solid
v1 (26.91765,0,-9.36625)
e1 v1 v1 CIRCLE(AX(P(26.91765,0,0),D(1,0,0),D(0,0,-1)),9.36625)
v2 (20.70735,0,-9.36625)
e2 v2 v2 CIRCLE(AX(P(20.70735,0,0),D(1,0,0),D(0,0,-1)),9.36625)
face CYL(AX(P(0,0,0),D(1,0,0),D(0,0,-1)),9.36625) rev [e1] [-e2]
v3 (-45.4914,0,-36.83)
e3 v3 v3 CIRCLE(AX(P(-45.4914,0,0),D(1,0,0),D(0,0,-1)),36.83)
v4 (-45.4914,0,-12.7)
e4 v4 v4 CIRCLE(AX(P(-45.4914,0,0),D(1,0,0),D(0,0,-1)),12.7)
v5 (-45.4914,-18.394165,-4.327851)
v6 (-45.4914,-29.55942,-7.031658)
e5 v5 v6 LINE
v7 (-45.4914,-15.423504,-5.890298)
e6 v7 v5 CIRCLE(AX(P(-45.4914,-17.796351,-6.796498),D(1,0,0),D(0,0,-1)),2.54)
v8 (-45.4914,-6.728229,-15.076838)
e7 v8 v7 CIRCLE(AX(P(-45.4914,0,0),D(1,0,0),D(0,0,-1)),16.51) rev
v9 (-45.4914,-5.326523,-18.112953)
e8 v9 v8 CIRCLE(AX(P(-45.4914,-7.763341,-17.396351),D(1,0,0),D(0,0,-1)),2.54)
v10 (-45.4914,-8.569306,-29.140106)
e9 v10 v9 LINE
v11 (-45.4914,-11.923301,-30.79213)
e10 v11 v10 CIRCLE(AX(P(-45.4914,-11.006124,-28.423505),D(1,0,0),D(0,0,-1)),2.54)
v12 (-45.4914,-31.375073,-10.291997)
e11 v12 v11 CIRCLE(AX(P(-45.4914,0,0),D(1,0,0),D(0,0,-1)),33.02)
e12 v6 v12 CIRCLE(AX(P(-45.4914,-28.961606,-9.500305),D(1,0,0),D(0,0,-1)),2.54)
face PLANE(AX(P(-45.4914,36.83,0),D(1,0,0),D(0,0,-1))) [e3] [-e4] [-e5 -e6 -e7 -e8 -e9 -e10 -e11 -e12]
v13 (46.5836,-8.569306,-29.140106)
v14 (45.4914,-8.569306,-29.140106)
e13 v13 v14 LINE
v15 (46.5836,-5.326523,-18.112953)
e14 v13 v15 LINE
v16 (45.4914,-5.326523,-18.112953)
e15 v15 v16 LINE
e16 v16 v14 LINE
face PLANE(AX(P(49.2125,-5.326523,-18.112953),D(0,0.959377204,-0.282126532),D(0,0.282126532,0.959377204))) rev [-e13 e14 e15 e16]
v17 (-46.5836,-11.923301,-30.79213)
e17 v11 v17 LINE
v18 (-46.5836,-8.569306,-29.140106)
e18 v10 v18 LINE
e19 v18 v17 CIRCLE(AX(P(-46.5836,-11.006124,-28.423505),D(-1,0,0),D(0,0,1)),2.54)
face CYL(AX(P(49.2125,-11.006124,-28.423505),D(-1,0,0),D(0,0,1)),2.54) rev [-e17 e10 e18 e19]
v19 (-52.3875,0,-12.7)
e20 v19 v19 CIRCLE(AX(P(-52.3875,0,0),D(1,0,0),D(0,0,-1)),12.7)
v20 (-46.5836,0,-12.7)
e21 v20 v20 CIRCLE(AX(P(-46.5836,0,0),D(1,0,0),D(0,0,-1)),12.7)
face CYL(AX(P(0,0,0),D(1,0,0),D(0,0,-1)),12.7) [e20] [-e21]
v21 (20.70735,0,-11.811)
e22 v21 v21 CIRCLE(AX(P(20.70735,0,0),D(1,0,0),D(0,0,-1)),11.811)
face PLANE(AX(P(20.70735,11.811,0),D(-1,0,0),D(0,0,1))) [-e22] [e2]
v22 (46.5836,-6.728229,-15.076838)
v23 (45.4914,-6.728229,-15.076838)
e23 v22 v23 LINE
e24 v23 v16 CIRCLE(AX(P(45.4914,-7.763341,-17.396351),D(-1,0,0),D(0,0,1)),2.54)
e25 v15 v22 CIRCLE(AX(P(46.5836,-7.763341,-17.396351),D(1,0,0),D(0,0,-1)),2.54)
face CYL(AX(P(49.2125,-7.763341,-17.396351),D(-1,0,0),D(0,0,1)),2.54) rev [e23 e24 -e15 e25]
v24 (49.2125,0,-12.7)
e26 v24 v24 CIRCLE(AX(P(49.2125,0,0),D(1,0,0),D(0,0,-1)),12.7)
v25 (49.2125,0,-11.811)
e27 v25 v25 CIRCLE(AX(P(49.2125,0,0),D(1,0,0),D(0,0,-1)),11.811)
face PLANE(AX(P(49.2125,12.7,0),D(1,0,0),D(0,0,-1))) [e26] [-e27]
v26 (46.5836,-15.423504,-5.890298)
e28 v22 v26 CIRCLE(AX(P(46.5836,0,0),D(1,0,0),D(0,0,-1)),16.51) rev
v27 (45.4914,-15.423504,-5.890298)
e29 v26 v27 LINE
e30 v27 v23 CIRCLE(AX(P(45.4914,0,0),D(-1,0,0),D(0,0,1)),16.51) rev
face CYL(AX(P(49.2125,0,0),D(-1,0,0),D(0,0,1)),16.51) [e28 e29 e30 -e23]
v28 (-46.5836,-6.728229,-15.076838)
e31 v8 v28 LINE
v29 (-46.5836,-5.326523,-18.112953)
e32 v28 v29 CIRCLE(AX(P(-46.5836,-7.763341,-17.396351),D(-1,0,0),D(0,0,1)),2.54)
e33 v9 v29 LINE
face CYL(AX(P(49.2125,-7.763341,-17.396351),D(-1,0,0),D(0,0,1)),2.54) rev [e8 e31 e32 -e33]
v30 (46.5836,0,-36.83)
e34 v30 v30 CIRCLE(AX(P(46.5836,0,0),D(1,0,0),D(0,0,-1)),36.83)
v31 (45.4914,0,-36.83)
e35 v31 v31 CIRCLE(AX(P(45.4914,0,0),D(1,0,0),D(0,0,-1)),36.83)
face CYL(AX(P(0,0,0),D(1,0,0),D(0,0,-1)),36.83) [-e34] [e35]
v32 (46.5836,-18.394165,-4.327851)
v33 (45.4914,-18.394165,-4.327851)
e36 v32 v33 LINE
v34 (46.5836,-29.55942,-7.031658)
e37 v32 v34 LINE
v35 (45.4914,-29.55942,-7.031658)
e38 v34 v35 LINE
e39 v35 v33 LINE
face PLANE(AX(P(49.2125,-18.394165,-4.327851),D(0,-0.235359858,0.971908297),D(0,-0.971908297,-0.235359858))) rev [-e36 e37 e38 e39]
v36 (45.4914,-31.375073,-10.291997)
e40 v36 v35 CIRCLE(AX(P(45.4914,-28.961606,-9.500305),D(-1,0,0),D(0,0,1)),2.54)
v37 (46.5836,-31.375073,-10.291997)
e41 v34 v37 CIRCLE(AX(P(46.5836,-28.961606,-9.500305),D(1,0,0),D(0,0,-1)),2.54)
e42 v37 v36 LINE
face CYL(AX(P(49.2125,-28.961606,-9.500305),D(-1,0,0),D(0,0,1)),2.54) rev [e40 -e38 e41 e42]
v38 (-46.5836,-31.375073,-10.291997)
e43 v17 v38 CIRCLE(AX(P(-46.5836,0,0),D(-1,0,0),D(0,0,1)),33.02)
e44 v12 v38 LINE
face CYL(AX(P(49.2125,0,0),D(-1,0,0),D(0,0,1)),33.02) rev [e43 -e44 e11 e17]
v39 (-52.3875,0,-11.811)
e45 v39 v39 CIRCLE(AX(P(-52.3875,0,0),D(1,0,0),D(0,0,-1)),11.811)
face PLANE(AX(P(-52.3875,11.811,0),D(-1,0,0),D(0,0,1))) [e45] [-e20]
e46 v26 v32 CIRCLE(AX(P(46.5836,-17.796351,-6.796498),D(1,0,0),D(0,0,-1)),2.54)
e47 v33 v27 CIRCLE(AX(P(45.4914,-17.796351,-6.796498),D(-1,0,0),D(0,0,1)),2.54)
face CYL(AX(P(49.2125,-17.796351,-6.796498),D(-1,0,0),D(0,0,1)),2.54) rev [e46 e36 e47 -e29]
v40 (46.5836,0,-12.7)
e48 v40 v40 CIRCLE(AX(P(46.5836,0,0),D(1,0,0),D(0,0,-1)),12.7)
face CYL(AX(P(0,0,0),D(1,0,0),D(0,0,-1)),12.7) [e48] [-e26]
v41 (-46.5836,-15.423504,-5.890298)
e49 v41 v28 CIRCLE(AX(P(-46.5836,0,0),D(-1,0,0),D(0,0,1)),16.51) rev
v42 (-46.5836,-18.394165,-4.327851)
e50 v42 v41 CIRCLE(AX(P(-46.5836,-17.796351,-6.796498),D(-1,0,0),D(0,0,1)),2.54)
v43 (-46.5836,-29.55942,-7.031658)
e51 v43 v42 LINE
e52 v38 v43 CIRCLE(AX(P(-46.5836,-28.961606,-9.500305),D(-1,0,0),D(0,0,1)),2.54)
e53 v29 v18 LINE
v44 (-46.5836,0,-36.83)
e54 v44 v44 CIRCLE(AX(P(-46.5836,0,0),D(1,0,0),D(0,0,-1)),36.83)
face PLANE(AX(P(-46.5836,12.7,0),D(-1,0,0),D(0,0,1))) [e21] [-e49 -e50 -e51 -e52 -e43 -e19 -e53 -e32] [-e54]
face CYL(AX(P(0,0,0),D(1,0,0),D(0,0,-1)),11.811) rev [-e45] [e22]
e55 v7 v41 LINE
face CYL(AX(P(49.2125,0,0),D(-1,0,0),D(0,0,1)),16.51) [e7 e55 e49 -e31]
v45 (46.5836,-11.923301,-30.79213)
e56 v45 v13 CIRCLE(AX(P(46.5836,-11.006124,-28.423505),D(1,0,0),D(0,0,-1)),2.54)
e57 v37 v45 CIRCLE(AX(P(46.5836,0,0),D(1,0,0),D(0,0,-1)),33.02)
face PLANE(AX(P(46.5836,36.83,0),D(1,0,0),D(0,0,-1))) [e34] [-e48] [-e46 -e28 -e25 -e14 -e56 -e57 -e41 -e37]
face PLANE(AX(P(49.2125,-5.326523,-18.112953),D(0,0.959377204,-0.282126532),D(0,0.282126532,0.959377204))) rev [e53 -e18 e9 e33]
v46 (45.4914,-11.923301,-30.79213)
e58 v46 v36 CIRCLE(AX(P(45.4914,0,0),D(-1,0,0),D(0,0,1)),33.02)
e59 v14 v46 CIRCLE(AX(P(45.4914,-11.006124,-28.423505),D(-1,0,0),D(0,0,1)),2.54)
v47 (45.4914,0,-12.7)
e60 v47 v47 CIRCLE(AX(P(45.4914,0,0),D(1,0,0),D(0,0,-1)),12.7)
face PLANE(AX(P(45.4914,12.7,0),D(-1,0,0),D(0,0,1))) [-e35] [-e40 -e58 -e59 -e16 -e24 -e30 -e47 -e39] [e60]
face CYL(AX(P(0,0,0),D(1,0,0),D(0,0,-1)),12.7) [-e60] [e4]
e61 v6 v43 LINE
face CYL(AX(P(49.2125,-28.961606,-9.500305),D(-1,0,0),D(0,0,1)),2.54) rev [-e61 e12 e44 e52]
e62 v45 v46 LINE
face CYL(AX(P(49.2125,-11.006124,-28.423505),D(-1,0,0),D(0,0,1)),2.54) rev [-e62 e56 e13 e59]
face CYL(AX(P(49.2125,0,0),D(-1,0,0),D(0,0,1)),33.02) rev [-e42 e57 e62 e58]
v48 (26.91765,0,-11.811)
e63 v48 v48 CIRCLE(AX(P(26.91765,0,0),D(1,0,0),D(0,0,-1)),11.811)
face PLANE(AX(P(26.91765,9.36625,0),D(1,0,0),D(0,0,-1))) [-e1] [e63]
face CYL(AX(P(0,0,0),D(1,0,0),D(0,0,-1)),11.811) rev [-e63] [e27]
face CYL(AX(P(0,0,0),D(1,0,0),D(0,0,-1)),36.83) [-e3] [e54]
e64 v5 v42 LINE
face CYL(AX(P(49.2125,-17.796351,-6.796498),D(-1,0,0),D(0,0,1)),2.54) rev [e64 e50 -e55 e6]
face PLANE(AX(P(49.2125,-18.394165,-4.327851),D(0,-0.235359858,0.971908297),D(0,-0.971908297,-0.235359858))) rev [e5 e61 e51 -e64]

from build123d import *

# Parameters (mm, degrees)
CUT_EXTRUDE1_DEPTH      = 111.87459973
CUT_EXTRUDE1_DEPTH_BACK = 111.87459973


with BuildPart() as part:
    # Sketch2 → Revolve1 (revolve)
    with BuildSketch(Plane.XY):
        Polygon((-52.3875, 11.811), (-52.3875, 12.7), (-46.5836, 12.7), (-46.5836, 36.83), (-45.4914, 36.83), (-45.4914, 12.7), (45.4914, 12.7), (45.4914, 36.83), (46.5836, 36.83), (46.5836, 12.7), (49.2125, 12.7), (49.2125, 11.811), (26.91765, 11.811), (26.91765, 9.36625), (20.70735, 9.36625), (20.70735, 11.811), align=None)
    revolve(axis=Axis((0, 0, 0), (-1, 0, 0)))

    # Sketch3 → Cut-Extrude1 (cut, two sides: drawn at the far end of the back side and taken through both)
    with BuildSketch(Plane.ZY.offset(-45.4914).offset(-CUT_EXTRUDE1_DEPTH_BACK)):
        with BuildLine():
            Line((-18.112952688, -5.32652278), (-29.140106204, -8.569306297))
            ThreePointArc((-29.140106204, -8.569306297), (-30.702095808, -9.883795088), (-30.792130213, -11.923301428))
            ThreePointArc((-30.792130213, -11.923301428), (-22.728159534, -23.953103435), (-10.291997319, -31.375072768))
            ThreePointArc((-10.291997319, -31.375072768), (-8.264508496, -31.180706004), (-7.031658144, -29.559419671))
            Line((-7.031658144, -29.559419671), (-4.327850892, -18.394165222))
            ThreePointArc((-4.327850892, -18.394165222), (-4.548475673, -16.613982469), (-5.890298237, -15.423504358))
            ThreePointArc((-5.890298237, -15.423504358), (-11.349323888, -11.990535738), (-15.076837789, -6.728228762))
            ThreePointArc((-15.076837789, -6.728228762), (-16.331679174, -5.457246069), (-18.112952688, -5.32652278))
        make_face()
    extrude(amount=CUT_EXTRUDE1_DEPTH + CUT_EXTRUDE1_DEPTH_BACK, mode=Mode.SUBTRACT)


solid = part.part
